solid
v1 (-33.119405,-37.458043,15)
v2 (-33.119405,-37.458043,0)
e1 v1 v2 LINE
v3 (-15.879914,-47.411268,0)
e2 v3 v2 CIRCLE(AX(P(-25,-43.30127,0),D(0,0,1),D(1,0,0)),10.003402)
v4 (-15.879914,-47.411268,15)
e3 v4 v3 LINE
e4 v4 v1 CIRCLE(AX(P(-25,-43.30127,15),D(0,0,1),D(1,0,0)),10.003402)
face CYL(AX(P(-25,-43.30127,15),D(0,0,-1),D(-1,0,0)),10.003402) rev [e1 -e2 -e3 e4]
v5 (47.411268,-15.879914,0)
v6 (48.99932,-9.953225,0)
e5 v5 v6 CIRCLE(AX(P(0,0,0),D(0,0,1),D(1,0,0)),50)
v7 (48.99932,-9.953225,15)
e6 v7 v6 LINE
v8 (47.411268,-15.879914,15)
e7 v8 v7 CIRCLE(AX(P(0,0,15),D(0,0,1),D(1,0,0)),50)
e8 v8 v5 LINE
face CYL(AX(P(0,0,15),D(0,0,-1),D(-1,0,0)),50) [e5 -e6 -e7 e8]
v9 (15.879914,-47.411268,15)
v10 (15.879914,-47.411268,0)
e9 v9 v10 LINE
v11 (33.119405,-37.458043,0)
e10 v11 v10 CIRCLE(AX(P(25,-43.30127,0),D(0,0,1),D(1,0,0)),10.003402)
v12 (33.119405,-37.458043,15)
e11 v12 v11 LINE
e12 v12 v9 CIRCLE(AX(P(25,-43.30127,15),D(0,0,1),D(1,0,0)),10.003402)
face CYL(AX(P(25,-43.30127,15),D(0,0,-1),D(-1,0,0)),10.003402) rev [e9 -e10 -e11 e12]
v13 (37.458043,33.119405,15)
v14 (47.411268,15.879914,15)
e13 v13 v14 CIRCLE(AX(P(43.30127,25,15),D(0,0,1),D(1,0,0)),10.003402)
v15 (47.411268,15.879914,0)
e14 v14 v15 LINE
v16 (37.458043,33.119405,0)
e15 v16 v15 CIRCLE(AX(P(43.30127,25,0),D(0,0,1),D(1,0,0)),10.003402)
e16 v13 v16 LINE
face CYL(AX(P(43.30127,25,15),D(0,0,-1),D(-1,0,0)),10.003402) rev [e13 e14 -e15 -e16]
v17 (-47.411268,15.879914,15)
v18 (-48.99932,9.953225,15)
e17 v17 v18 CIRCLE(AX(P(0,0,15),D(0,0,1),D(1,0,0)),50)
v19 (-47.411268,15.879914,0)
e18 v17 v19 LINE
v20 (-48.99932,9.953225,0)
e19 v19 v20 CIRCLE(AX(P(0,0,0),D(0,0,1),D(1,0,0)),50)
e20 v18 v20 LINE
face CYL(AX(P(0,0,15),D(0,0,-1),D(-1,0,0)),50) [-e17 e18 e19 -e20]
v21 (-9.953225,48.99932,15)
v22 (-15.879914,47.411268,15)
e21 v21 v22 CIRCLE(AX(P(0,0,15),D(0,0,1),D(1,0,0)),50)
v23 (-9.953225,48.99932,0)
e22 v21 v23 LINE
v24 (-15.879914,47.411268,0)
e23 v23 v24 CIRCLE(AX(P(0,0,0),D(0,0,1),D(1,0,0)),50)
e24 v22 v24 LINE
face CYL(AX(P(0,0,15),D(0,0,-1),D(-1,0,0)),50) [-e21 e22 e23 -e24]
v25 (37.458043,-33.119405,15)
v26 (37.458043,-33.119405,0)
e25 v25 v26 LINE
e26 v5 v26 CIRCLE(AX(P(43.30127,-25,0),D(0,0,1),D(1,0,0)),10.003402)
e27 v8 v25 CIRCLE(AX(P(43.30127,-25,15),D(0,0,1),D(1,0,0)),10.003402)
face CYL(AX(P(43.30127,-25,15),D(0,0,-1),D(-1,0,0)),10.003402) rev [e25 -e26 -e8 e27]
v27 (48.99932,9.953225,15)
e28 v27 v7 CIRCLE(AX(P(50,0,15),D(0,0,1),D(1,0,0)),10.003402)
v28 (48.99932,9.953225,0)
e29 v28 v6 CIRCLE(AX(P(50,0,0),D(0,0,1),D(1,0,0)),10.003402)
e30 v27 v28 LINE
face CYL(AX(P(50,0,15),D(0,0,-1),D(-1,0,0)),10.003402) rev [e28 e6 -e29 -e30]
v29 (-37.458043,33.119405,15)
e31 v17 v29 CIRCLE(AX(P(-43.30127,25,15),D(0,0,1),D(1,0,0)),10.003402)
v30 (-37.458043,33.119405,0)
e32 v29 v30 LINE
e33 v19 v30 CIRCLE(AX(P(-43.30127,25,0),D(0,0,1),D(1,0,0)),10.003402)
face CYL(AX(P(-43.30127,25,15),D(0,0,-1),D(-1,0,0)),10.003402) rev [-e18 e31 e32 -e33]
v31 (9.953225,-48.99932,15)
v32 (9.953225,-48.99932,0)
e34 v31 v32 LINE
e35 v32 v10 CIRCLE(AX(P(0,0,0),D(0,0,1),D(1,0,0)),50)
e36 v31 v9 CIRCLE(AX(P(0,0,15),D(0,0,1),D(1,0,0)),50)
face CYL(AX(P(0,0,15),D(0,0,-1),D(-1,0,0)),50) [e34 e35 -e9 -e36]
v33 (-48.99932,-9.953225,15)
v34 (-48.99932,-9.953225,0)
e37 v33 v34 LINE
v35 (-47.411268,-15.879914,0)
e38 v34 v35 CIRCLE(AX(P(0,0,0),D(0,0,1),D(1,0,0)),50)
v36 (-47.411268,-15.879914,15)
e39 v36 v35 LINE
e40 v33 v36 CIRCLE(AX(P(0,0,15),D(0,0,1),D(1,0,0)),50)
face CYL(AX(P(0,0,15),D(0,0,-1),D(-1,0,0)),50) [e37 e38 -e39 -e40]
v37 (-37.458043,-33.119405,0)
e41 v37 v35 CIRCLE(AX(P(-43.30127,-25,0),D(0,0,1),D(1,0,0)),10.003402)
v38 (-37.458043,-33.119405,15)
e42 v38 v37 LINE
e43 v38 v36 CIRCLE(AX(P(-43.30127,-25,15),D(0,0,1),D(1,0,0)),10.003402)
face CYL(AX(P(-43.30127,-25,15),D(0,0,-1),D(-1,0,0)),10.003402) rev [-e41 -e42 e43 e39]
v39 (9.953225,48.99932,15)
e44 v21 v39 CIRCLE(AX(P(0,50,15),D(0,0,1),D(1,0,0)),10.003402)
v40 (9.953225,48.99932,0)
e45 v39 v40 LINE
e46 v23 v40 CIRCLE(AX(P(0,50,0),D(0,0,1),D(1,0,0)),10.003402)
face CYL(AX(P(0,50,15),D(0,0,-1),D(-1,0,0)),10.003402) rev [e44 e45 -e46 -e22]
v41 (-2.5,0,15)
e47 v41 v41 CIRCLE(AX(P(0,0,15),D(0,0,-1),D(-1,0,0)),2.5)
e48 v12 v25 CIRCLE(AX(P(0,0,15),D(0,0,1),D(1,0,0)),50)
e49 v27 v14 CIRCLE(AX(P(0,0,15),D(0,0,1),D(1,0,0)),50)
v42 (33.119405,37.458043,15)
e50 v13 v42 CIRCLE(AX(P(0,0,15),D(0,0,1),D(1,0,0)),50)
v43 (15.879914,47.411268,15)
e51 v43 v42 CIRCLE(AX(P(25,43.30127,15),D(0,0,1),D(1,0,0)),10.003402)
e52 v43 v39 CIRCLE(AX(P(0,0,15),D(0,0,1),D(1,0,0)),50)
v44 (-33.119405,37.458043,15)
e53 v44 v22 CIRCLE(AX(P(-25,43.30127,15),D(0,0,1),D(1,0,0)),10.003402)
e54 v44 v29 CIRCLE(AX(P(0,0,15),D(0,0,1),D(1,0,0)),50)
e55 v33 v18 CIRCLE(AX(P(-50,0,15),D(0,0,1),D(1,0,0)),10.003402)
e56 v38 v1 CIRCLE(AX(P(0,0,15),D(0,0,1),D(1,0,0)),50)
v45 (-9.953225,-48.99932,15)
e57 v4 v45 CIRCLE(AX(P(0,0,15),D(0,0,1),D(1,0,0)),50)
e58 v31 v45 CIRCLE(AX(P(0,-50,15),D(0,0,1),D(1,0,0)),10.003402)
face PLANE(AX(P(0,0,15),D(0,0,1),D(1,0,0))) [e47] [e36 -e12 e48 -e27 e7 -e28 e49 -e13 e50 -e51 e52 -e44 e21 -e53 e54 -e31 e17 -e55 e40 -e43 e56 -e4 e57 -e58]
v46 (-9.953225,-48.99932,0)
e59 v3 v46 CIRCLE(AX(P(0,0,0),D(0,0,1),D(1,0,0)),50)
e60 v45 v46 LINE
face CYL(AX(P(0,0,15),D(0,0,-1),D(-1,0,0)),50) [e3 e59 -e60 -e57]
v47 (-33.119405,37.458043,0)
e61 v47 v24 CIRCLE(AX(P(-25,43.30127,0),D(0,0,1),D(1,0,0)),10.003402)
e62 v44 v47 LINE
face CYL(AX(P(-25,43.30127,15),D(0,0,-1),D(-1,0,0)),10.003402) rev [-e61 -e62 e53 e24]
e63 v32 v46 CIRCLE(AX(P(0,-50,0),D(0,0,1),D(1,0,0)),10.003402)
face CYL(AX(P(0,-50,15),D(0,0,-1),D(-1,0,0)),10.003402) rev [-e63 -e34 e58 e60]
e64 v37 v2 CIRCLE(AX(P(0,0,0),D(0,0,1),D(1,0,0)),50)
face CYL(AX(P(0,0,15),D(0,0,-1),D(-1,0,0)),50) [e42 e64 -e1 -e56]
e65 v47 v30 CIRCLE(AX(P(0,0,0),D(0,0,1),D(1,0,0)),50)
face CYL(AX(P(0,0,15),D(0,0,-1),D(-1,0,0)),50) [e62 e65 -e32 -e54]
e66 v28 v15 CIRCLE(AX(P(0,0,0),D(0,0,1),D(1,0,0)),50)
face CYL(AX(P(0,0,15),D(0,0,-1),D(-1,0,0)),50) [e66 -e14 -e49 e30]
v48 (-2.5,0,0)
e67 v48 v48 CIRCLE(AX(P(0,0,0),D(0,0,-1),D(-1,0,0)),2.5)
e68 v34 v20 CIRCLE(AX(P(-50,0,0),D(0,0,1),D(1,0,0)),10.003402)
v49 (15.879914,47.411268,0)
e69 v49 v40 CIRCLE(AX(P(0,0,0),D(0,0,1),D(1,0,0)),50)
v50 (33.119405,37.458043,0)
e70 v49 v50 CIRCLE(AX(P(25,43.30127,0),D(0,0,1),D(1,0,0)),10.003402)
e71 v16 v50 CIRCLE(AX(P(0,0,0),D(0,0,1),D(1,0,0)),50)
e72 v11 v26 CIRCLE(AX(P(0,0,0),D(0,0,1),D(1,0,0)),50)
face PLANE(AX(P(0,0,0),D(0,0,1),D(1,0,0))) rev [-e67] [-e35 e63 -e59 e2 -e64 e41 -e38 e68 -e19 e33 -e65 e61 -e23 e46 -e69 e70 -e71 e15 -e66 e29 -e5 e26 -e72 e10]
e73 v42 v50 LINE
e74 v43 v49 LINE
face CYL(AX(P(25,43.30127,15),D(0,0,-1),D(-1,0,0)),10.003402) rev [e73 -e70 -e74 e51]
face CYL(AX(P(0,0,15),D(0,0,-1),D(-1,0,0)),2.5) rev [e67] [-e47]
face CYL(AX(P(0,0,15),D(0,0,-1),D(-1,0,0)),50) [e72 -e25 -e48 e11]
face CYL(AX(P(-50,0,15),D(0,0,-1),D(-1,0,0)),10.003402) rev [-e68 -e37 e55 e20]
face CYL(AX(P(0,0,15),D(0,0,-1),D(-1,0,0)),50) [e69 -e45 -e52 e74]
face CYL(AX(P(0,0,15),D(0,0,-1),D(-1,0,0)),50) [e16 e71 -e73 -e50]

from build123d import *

# Parameters (mm, degrees)
BOSS_EXTRUDE3_DEPTH = 15
SKETCH3_R           = 2.5
CUT_EXTRUDE2_DEPTH  = 15


with BuildPart() as part:
    # Sketch1 → Boss-Extrude3 (new body)
    with BuildSketch(Plane.XY):
        with BuildLine():
            ThreePointArc((48.999319531, 9.953224878), (48.296291314, 12.940952255), (47.411267921, 15.879914172))
            ThreePointArc((47.411267921, 15.879914172), (34.638070137, 19.998299118), (37.458043043, 33.119405359))
            ThreePointArc((37.458043043, 33.119405359), (35.355339059, 35.355339059), (33.119405359, 37.458043043))
            ThreePointArc((33.119405359, 37.458043043), (19.998299118, 34.638070137), (15.879914172, 47.411267921))
            ThreePointArc((15.879914172, 47.411267921), (12.940952255, 48.296291314), (9.953224878, 48.999319531))
            ThreePointArc((9.953224878, 48.999319531), (0, 39.996598235), (-9.953224878, 48.999319531))
            ThreePointArc((-9.953224878, 48.999319531), (-12.940952255, 48.296291314), (-15.879914172, 47.411267921))
            ThreePointArc((-15.879914172, 47.411267921), (-19.998299118, 34.638070137), (-33.119405359, 37.458043043))
            ThreePointArc((-33.119405359, 37.458043043), (-35.355339059, 35.355339059), (-37.458043043, 33.119405359))
            ThreePointArc((-37.458043043, 33.119405359), (-34.638070137, 19.998299118), (-47.411267921, 15.879914172))
            ThreePointArc((-47.411267921, 15.879914172), (-48.296291314, 12.940952255), (-48.999319531, 9.953224878))
            ThreePointArc((-48.999319531, 9.953224878), (-39.996598235, 0), (-48.999319531, -9.953224878))
            ThreePointArc((-48.999319531, -9.953224878), (-48.296291314, -12.940952255), (-47.411267921, -15.879914172))
            ThreePointArc((-47.411267921, -15.879914172), (-34.638070137, -19.998299118), (-37.458043043, -33.119405359))
            ThreePointArc((-37.458043043, -33.119405359), (-35.355339059, -35.355339059), (-33.119405359, -37.458043043))
            ThreePointArc((-33.119405359, -37.458043043), (-19.998299118, -34.638070137), (-15.879914172, -47.411267921))
            ThreePointArc((-15.879914172, -47.411267921), (-12.940952255, -48.296291314), (-9.953224878, -48.999319531))
            ThreePointArc((-9.953224878, -48.999319531), (0, -39.996598235), (9.953224878, -48.999319531))
            ThreePointArc((9.953224878, -48.999319531), (12.940952255, -48.296291314), (15.879914172, -47.411267921))
            ThreePointArc((15.879914172, -47.411267921), (19.998299118, -34.638070137), (33.119405359, -37.458043043))
            ThreePointArc((33.119405359, -37.458043043), (35.355339059, -35.355339059), (37.458043043, -33.119405359))
            ThreePointArc((37.458043043, -33.119405359), (34.638070137, -19.998299118), (47.411267921, -15.879914172))
            ThreePointArc((47.411267921, -15.879914172), (48.296291314, -12.940952255), (48.999319531, -9.953224878))
            ThreePointArc((48.999319531, -9.953224878), (39.996598235, 0), (48.999319531, 9.953224878))
        make_face()
    extrude(amount=BOSS_EXTRUDE3_DEPTH)

    # Sketch3 → Cut-Extrude2 (cut)
    with BuildSketch(Plane(origin=(0, 0, 0), x_dir=(-1, 0, 0), z_dir=(0, 0, -1))):
        Circle(SKETCH3_R)
    extrude(amount=-CUT_EXTRUDE2_DEPTH, mode=Mode.SUBTRACT)


solid = part.part
